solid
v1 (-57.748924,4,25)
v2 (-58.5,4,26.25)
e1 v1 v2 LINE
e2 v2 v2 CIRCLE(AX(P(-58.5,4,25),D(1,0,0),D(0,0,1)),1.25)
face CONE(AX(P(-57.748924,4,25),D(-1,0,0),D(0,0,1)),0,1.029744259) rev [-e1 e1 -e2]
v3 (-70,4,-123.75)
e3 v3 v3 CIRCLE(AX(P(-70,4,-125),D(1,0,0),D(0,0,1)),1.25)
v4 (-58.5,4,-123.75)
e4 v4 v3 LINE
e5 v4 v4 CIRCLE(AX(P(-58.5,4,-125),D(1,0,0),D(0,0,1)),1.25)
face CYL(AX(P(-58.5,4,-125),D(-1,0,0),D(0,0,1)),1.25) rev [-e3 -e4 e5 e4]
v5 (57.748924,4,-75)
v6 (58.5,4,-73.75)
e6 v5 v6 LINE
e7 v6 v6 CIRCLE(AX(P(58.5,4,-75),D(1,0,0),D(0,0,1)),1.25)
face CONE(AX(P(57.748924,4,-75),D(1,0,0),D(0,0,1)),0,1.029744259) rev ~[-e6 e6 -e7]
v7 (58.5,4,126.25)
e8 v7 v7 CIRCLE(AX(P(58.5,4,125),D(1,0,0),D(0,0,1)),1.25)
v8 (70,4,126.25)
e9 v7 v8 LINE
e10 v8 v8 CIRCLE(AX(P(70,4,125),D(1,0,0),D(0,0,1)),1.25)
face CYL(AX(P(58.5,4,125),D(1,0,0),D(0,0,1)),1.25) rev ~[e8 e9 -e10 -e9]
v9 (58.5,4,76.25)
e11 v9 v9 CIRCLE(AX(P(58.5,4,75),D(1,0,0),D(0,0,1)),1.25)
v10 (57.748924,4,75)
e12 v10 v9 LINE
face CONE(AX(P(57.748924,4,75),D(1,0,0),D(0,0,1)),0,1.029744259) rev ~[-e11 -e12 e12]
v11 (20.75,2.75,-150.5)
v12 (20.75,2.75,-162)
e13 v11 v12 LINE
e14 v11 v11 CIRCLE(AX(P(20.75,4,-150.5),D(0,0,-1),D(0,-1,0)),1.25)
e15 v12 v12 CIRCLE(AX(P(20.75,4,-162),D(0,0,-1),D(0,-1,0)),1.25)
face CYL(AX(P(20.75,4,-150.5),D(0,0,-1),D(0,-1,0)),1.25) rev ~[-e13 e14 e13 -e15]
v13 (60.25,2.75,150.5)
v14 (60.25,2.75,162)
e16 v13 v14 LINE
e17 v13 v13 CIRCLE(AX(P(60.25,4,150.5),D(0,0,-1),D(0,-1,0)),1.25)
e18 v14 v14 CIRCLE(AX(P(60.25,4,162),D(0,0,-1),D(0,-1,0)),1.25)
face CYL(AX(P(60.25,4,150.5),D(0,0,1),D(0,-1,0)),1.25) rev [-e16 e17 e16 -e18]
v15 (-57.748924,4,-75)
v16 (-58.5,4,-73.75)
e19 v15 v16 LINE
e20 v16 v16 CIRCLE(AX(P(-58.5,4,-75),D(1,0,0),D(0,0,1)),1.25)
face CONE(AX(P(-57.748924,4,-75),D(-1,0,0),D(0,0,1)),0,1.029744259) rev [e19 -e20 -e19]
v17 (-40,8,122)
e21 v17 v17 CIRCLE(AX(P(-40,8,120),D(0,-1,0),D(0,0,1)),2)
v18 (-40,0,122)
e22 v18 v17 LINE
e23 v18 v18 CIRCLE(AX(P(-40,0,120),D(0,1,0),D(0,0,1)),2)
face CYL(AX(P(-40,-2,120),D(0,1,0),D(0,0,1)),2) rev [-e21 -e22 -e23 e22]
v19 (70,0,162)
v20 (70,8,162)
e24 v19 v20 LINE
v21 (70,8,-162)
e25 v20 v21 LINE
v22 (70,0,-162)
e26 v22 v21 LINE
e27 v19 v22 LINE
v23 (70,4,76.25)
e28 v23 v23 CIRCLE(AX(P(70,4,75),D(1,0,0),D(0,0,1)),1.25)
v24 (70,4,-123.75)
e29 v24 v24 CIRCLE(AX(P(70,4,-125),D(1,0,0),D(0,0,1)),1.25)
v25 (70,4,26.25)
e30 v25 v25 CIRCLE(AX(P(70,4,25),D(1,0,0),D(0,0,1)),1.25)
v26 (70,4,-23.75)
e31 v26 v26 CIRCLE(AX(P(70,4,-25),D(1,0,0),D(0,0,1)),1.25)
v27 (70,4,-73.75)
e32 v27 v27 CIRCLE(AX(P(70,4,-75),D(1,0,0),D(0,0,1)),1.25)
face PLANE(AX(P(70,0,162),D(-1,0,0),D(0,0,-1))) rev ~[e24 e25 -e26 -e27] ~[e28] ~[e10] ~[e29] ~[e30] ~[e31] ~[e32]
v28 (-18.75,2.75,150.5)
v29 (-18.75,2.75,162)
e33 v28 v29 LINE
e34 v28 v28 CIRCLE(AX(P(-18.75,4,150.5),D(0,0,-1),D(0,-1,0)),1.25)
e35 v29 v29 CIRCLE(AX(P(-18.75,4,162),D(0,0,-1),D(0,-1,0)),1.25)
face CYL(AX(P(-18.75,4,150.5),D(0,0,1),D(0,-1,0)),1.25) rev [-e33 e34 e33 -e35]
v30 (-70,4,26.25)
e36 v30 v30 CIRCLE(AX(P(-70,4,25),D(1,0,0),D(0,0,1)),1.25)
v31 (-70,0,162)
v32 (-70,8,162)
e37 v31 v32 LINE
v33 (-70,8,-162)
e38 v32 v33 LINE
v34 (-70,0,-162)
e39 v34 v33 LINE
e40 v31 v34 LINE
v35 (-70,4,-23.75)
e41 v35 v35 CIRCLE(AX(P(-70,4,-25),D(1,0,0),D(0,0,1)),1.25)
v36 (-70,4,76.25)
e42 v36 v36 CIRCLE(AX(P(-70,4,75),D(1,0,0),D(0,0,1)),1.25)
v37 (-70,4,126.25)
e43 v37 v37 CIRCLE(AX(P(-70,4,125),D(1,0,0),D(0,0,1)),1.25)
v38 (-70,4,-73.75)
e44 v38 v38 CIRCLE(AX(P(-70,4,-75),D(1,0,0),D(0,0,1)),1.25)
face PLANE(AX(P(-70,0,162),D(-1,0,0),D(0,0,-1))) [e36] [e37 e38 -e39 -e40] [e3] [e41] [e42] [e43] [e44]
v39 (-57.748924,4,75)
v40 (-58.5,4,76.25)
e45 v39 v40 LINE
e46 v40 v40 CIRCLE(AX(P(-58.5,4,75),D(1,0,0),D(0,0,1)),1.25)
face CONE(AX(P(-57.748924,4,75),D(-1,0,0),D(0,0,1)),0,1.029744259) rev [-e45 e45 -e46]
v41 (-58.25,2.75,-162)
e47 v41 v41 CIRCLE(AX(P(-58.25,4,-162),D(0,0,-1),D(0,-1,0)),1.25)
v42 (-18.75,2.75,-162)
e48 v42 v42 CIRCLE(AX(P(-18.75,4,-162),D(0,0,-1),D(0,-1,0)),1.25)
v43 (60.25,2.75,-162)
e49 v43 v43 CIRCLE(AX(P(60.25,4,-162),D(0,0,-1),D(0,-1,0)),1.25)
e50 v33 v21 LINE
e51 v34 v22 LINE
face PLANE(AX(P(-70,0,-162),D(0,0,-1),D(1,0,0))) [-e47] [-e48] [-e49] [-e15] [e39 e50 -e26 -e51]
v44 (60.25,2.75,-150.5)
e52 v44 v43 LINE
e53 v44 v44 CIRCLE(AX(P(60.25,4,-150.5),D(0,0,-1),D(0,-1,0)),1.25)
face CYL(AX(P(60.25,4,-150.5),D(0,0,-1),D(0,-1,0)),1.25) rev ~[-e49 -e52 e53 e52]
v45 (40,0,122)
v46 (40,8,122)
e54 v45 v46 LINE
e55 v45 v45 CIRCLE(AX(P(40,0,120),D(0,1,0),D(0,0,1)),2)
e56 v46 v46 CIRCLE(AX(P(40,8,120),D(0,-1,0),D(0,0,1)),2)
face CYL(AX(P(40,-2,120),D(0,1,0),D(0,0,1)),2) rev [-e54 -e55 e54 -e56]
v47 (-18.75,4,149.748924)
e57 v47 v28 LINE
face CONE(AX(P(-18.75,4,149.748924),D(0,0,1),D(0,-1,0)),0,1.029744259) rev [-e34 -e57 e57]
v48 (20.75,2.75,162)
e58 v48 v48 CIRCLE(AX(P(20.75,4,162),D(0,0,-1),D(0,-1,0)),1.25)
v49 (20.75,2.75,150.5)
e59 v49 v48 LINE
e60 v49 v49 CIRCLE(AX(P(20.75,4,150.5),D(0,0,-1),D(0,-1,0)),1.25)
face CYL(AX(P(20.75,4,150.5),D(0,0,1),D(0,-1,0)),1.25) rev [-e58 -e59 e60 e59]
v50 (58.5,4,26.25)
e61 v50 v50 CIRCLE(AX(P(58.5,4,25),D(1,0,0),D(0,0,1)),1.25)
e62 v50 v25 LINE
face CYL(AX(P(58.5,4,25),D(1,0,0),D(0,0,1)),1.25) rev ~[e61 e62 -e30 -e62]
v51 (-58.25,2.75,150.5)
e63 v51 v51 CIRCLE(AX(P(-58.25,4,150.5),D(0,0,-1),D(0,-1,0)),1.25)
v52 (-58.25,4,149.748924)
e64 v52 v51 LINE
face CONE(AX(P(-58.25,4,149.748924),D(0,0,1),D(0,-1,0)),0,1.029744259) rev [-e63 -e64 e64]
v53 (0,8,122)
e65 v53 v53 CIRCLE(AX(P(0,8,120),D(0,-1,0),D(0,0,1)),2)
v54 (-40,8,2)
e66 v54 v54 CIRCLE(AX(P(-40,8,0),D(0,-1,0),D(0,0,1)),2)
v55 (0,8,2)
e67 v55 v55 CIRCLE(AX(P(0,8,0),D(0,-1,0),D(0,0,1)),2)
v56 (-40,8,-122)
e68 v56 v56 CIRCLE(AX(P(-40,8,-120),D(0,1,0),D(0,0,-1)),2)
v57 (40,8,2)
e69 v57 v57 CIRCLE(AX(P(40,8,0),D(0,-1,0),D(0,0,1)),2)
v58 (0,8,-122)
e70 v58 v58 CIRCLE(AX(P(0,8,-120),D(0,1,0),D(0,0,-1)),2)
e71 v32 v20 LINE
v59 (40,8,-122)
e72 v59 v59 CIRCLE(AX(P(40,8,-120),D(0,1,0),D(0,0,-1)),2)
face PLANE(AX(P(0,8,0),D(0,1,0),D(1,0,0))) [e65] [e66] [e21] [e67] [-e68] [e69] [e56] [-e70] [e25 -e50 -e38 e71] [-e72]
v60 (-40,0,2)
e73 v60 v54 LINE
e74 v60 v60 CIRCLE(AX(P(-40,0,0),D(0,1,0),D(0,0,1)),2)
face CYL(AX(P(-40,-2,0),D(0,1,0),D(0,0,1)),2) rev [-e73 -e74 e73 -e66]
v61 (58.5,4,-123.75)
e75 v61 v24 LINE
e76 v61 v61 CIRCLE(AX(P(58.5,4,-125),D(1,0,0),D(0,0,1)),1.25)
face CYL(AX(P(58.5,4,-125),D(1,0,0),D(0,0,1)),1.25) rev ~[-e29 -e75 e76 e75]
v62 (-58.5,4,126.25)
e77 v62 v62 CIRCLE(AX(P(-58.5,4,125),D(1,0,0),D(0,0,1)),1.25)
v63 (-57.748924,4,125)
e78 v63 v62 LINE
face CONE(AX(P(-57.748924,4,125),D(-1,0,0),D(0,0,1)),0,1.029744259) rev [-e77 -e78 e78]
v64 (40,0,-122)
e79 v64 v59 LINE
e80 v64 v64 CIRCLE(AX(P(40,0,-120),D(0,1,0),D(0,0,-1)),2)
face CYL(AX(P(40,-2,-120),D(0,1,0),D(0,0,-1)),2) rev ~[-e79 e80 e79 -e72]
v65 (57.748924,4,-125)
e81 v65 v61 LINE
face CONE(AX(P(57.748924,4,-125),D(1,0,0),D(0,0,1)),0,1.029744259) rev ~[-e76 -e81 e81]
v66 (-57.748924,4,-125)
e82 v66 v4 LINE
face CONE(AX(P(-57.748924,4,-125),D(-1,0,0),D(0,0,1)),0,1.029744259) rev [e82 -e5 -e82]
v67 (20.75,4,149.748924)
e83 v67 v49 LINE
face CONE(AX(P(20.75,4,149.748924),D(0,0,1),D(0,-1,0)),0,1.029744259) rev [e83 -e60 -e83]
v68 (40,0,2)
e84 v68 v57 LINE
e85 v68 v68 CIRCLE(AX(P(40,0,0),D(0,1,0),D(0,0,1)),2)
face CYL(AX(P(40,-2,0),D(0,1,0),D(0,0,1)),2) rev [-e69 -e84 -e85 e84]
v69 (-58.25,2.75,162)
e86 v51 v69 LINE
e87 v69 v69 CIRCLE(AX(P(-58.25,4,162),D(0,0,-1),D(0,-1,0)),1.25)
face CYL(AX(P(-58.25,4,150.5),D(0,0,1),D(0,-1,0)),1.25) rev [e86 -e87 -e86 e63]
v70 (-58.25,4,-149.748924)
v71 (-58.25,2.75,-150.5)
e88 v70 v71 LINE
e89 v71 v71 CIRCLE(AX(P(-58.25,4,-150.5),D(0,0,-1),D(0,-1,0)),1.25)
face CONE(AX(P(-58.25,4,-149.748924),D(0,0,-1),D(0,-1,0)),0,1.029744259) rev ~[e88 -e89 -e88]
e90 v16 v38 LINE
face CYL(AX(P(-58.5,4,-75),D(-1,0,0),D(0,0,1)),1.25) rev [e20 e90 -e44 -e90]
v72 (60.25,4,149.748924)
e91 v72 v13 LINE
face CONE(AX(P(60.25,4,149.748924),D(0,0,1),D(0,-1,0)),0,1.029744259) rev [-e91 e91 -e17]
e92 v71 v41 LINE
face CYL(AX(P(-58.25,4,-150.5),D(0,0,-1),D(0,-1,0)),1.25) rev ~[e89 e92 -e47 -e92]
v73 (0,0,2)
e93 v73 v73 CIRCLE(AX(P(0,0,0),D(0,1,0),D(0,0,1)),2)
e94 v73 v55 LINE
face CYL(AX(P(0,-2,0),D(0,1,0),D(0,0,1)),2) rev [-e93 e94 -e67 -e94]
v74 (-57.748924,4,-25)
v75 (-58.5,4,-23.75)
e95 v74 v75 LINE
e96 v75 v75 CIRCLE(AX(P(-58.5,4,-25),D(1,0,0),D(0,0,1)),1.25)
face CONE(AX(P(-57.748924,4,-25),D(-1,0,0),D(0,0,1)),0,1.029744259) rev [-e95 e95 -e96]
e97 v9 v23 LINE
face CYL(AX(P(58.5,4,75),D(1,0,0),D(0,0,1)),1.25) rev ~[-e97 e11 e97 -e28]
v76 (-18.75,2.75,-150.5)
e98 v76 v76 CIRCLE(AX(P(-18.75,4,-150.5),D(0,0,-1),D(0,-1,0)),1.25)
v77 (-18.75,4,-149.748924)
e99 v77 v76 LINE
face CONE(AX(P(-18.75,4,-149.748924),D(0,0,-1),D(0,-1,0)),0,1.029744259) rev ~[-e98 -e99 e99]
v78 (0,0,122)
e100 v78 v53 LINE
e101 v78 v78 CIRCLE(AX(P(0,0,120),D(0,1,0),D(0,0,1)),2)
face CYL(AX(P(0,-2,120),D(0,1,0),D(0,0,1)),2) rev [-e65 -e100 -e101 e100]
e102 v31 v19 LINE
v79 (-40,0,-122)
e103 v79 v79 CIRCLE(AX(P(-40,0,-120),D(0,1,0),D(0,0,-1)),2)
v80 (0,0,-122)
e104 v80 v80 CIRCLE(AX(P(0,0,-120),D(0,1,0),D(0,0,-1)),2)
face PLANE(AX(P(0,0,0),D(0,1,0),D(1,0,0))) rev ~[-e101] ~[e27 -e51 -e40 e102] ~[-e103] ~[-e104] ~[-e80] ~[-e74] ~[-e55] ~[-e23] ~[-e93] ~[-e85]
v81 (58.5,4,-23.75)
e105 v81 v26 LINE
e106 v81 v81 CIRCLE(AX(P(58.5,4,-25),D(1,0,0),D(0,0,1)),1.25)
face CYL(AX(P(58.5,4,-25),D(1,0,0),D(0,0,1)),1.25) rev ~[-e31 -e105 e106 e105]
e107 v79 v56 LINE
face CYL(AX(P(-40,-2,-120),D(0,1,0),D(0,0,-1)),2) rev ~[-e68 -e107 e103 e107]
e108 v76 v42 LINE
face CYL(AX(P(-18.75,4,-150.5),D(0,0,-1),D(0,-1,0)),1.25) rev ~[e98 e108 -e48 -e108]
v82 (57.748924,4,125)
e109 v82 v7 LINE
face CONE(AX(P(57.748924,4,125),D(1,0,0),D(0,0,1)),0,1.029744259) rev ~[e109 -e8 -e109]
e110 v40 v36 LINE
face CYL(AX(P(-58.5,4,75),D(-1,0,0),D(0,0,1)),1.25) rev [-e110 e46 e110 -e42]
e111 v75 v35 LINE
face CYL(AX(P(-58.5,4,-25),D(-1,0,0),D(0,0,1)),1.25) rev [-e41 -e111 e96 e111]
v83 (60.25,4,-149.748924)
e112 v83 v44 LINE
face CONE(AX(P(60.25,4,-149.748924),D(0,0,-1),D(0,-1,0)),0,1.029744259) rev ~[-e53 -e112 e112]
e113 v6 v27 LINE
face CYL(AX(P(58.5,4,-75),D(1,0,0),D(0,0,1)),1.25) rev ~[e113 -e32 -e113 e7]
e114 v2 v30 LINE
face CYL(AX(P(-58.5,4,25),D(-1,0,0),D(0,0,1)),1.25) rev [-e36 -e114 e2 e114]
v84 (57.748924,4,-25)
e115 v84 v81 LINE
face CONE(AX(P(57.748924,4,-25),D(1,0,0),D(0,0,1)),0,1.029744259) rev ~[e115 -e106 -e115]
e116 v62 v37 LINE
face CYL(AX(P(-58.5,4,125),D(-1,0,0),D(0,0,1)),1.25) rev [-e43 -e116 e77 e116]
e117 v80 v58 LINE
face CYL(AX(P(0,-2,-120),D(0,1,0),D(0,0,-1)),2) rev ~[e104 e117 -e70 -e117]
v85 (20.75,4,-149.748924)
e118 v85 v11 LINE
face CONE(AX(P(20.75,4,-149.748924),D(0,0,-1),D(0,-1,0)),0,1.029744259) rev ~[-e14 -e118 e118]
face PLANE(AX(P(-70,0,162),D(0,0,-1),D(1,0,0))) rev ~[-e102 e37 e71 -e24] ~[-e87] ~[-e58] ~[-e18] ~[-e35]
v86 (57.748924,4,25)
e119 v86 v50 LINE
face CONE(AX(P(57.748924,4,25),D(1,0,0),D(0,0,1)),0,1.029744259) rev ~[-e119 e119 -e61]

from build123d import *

# Parameters (mm, degrees)
SKETCH1_W                      = 140
SKETCH1_H                      = 324
BOSS_EXTRUDE1_DEPTH            = 8
M3X0_5_TAPPED_HOLE1_AT_2_COUNT = 2
M3X0_5_TAPPED_HOLE1_AT_2_PITCH = 39.5
M3X0_5_TAPPED_HOLE1_AT_3_COUNT = 2
M3X0_5_TAPPED_HOLE1_AT_3_PITCH = 79
M3X0_5_TAPPED_HOLE1_AT_4_COUNT = 2
M3X0_5_TAPPED_HOLE1_AT_4_PITCH = 118.5
M3X0_5_TAPPED_HOLE2_AT_2_COUNT = 2
M3X0_5_TAPPED_HOLE2_AT_2_PITCH = 50
M3X0_5_TAPPED_HOLE2_AT_3_COUNT = 2
M3X0_5_TAPPED_HOLE2_AT_3_PITCH = 100
M3X0_5_TAPPED_HOLE2_AT_4_COUNT = 2
M3X0_5_TAPPED_HOLE2_AT_4_PITCH = 150
M3X0_5_TAPPED_HOLE2_AT_5_COUNT = 2
M3X0_5_TAPPED_HOLE2_AT_5_PITCH = 200
M3X0_5_TAPPED_HOLE2_AT_6_COUNT = 2
M3X0_5_TAPPED_HOLE2_AT_6_PITCH = 250
LPATTERN1_COUNT                = 3
LPATTERN1_PITCH                = 40
LPATTERN1_COUNT_DIR2           = 2
LPATTERN1_PITCH_DIR2           = 120


with BuildPart() as part:
    # Sketch1 → Boss-Extrude1 (new body)
    with BuildSketch(Plane(origin=(0, 0, 0), x_dir=(1, 0, 0), z_dir=(0, 1, 0))):
        Rectangle(SKETCH1_W, SKETCH1_H)
    extrude(amount=BOSS_EXTRUDE1_DEPTH)

    # Sketch5 → M3x0.5 Tapped Hole1 (revolve, cut)
    with BuildSketch(Plane(origin=(60.25, 4, 162), x_dir=(0, -1, 0), z_dir=(1, 0, 0))):
        Polygon((0, 0), (0, 12.251075774), (1.25, 11.5), (1.25, 0), align=None)
    m3x0_5_tapped_hole1 = revolve(axis=Axis((60.25, 4, 168.35), (0, 0, -1)), mode=Mode.SUBTRACT)

    # M3x0.5 Tapped Hole1 at 2: M3x0.5 Tapped Hole1 ×2
    with Locations(*[(-i * M3X0_5_TAPPED_HOLE1_AT_2_PITCH, 0, 0) for i in range(1, M3X0_5_TAPPED_HOLE1_AT_2_COUNT)]):
        add(m3x0_5_tapped_hole1, mode=Mode.SUBTRACT)

    # M3x0.5 Tapped Hole1 at 3: M3x0.5 Tapped Hole1 ×2
    with Locations(*[(-i * M3X0_5_TAPPED_HOLE1_AT_3_PITCH, 0, 0) for i in range(1, M3X0_5_TAPPED_HOLE1_AT_3_COUNT)]):
        add(m3x0_5_tapped_hole1, mode=Mode.SUBTRACT)

    # M3x0.5 Tapped Hole1 at 4: M3x0.5 Tapped Hole1 ×2
    with Locations(*[(-i * M3X0_5_TAPPED_HOLE1_AT_4_PITCH, 0, 0) for i in range(1, M3X0_5_TAPPED_HOLE1_AT_4_COUNT)]):
        add(m3x0_5_tapped_hole1, mode=Mode.SUBTRACT)

    # Sketch7 → M3x0.5 Tapped Hole2 (revolve, cut)
    with BuildSketch(Plane(origin=(-70, 4, -125), x_dir=(0, 0, 1), z_dir=(0, 1, 0))):
        Polygon((0, 0), (0, 12.251075774), (1.25, 11.5), (1.25, 0), align=None)
    m3x0_5_tapped_hole2 = revolve(axis=Axis((-76.35, 4, -125), (1, 0, 0)), mode=Mode.SUBTRACT)

    # M3x0.5 Tapped Hole2 at 2: M3x0.5 Tapped Hole2 ×2
    with Locations(*[(0, 0, i * M3X0_5_TAPPED_HOLE2_AT_2_PITCH) for i in range(1, M3X0_5_TAPPED_HOLE2_AT_2_COUNT)]):
        add(m3x0_5_tapped_hole2, mode=Mode.SUBTRACT)

    # M3x0.5 Tapped Hole2 at 3: M3x0.5 Tapped Hole2 ×2
    with Locations(*[(0, 0, i * M3X0_5_TAPPED_HOLE2_AT_3_PITCH) for i in range(1, M3X0_5_TAPPED_HOLE2_AT_3_COUNT)]):
        add(m3x0_5_tapped_hole2, mode=Mode.SUBTRACT)

    # M3x0.5 Tapped Hole2 at 4: M3x0.5 Tapped Hole2 ×2
    with Locations(*[(0, 0, i * M3X0_5_TAPPED_HOLE2_AT_4_PITCH) for i in range(1, M3X0_5_TAPPED_HOLE2_AT_4_COUNT)]):
        add(m3x0_5_tapped_hole2, mode=Mode.SUBTRACT)

    # M3x0.5 Tapped Hole2 at 5: M3x0.5 Tapped Hole2 ×2
    with Locations(*[(0, 0, i * M3X0_5_TAPPED_HOLE2_AT_5_PITCH) for i in range(1, M3X0_5_TAPPED_HOLE2_AT_5_COUNT)]):
        add(m3x0_5_tapped_hole2, mode=Mode.SUBTRACT)

    # M3x0.5 Tapped Hole2 at 6: M3x0.5 Tapped Hole2 ×2
    with Locations(*[(0, 0, i * M3X0_5_TAPPED_HOLE2_AT_6_PITCH) for i in range(1, M3X0_5_TAPPED_HOLE2_AT_6_COUNT)]):
        add(m3x0_5_tapped_hole2, mode=Mode.SUBTRACT)

    # Mirror1: M3x0.5 Tapped Hole1 across plane
    add(m3x0_5_tapped_hole1.mirror(Plane.XY), mode=Mode.SUBTRACT)

    # Mirror1 copy 1 sketch → Mirror1 copy 1 (revolve, cut)
    with BuildSketch(Plane(origin=(20.75, 4, -162), x_dir=(0, -1, 0), z_dir=(1, 0, 0))):
        Polygon((0, 0), (0, -12.251075774), (1.25, -11.5), (1.25, 0), align=None)
    revolve(axis=Axis((20.75, 4, -168.35), (0, 0, -1)), mode=Mode.SUBTRACT)

    # Mirror1 copy 2 sketch → Mirror1 copy 2 (revolve, cut)
    with BuildSketch(Plane(origin=(-18.75, 4, -162), x_dir=(0, -1, 0), z_dir=(1, 0, 0))):
        Polygon((0, 0), (0, -12.251075774), (1.25, -11.5), (1.25, 0), align=None)
    revolve(axis=Axis((-18.75, 4, -168.35), (0, 0, -1)), mode=Mode.SUBTRACT)

    # Mirror1 copy 3 sketch → Mirror1 copy 3 (revolve, cut)
    with BuildSketch(Plane(origin=(-58.25, 4, -162), x_dir=(0, -1, 0), z_dir=(1, 0, 0))):
        Polygon((0, 0), (0, -12.251075774), (1.25, -11.5), (1.25, 0), align=None)
    revolve(axis=Axis((-58.25, 4, -168.35), (0, 0, -1)), mode=Mode.SUBTRACT)

    # Mirror2: M3x0.5 Tapped Hole2 across plane
    add(m3x0_5_tapped_hole2.mirror(Plane(origin=(0, 0, 0), x_dir=(0, 0, 1), z_dir=(1, 0, 0))), mode=Mode.SUBTRACT)

    # Mirror2 copy 1 sketch → Mirror2 copy 1 (revolve, cut)
    with BuildSketch(Plane(origin=(70, 4, -75), x_dir=(0, 0, 1), z_dir=(0, 1, 0))):
        Polygon((0, 0), (0, -12.251075774), (1.25, -11.5), (1.25, 0), align=None)
    revolve(axis=Axis((76.35, 4, -75), (1, 0, 0)), mode=Mode.SUBTRACT)

    # Mirror2 copy 2 sketch → Mirror2 copy 2 (revolve, cut)
    with BuildSketch(Plane(origin=(70, 4, -25), x_dir=(0, 0, 1), z_dir=(0, 1, 0))):
        Polygon((0, 0), (0, -12.251075774), (1.25, -11.5), (1.25, 0), align=None)
    revolve(axis=Axis((76.35, 4, -25), (1, 0, 0)), mode=Mode.SUBTRACT)

    # Mirror2 copy 3 sketch → Mirror2 copy 3 (revolve, cut)
    with BuildSketch(Plane(origin=(70, 4, 25), x_dir=(0, 0, 1), z_dir=(0, 1, 0))):
        Polygon((0, 0), (0, -12.251075774), (1.25, -11.5), (1.25, 0), align=None)
    revolve(axis=Axis((76.35, 4, 25), (1, 0, 0)), mode=Mode.SUBTRACT)

    # Mirror2 copy 4 sketch → Mirror2 copy 4 (revolve, cut)
    with BuildSketch(Plane(origin=(70, 4, 75), x_dir=(0, 0, 1), z_dir=(0, 1, 0))):
        Polygon((0, 0), (0, -12.251075774), (1.25, -11.5), (1.25, 0), align=None)
    revolve(axis=Axis((76.35, 4, 75), (1, 0, 0)), mode=Mode.SUBTRACT)

    # Mirror2 copy 5 sketch → Mirror2 copy 5 (revolve, cut)
    with BuildSketch(Plane(origin=(70, 4, 125), x_dir=(0, 0, 1), z_dir=(0, 1, 0))):
        Polygon((0, 0), (0, -12.251075774), (1.25, -11.5), (1.25, 0), align=None)
    revolve(axis=Axis((76.35, 4, 125), (1, 0, 0)), mode=Mode.SUBTRACT)

    # Sketch9 → Ø4.0mm Dowel Hole1 (revolve, cut)
    with BuildSketch(Plane(origin=(-40, 8, 0), x_dir=(0, 0, 1), z_dir=(1, 0, 0))):
        Polygon((0, 0), (0, 11.201721238), (2, 10), (2, 0), align=None)
    f_4_0mm_dowel_hole1 = revolve(axis=Axis((-40, 14.35, 0), (0, -1, 0)), mode=Mode.SUBTRACT)

    # LPattern1: 4.0mm Dowel Hole1 3 × 2
    with Locations(*[(i * LPATTERN1_PITCH, 0, j * LPATTERN1_PITCH_DIR2) for i in range(LPATTERN1_COUNT) for j in range(LPATTERN1_COUNT_DIR2) if (i, j) != (0, 0)]):
        add(f_4_0mm_dowel_hole1, mode=Mode.SUBTRACT)

    # Mirror3 copy 1 sketch → Mirror3 copy 1 (revolve, cut)
    with BuildSketch(Plane(origin=(-40, 8, -120), x_dir=(0, 0, -1), z_dir=(1, 0, 0))):
        Polygon((0, 0), (0, -11.201721238), (2, -10), (2, 0), align=None)
    revolve(axis=Axis((-40, 14.35, -120), (0, 1, 0)), mode=Mode.SUBTRACT)

    # Mirror3 copy 2 sketch → Mirror3 copy 2 (revolve, cut)
    with BuildSketch(Plane(origin=(0, 8, 0), x_dir=(0, 0, -1), z_dir=(1, 0, 0))):
        Polygon((0, 0), (0, -11.201721238), (2, -10), (2, 0), align=None)
    revolve(axis=Axis((0, 14.35, 0), (0, 1, 0)), mode=Mode.SUBTRACT)

    # Mirror3 copy 3 sketch → Mirror3 copy 3 (revolve, cut)
    with BuildSketch(Plane(origin=(0, 8, -120), x_dir=(0, 0, -1), z_dir=(1, 0, 0))):
        Polygon((0, 0), (0, -11.201721238), (2, -10), (2, 0), align=None)
    revolve(axis=Axis((0, 14.35, -120), (0, 1, 0)), mode=Mode.SUBTRACT)

    # Mirror3 copy 4 sketch → Mirror3 copy 4 (revolve, cut)
    with BuildSketch(Plane(origin=(40, 8, 0), x_dir=(0, 0, -1), z_dir=(1, 0, 0))):
        Polygon((0, 0), (0, -11.201721238), (2, -10), (2, 0), align=None)
    revolve(axis=Axis((40, 14.35, 0), (0, 1, 0)), mode=Mode.SUBTRACT)

    # Mirror3 copy 5 sketch → Mirror3 copy 5 (revolve, cut)
    with BuildSketch(Plane(origin=(40, 8, -120), x_dir=(0, 0, -1), z_dir=(1, 0, 0))):
        Polygon((0, 0), (0, -11.201721238), (2, -10), (2, 0), align=None)
    revolve(axis=Axis((40, 14.35, -120), (0, 1, 0)), mode=Mode.SUBTRACT)

    # Mirror3 copy 6 sketch → Mirror3 copy 6 (revolve, cut)
    with BuildSketch(Plane(origin=(-40, 8, 0), x_dir=(0, 0, -1), z_dir=(1, 0, 0))):
        Polygon((0, 0), (0, -11.201721238), (2, -10), (2, 0), align=None)
    revolve(axis=Axis((-40, 14.35, 0), (0, 1, 0)), mode=Mode.SUBTRACT)


solid = part.part
